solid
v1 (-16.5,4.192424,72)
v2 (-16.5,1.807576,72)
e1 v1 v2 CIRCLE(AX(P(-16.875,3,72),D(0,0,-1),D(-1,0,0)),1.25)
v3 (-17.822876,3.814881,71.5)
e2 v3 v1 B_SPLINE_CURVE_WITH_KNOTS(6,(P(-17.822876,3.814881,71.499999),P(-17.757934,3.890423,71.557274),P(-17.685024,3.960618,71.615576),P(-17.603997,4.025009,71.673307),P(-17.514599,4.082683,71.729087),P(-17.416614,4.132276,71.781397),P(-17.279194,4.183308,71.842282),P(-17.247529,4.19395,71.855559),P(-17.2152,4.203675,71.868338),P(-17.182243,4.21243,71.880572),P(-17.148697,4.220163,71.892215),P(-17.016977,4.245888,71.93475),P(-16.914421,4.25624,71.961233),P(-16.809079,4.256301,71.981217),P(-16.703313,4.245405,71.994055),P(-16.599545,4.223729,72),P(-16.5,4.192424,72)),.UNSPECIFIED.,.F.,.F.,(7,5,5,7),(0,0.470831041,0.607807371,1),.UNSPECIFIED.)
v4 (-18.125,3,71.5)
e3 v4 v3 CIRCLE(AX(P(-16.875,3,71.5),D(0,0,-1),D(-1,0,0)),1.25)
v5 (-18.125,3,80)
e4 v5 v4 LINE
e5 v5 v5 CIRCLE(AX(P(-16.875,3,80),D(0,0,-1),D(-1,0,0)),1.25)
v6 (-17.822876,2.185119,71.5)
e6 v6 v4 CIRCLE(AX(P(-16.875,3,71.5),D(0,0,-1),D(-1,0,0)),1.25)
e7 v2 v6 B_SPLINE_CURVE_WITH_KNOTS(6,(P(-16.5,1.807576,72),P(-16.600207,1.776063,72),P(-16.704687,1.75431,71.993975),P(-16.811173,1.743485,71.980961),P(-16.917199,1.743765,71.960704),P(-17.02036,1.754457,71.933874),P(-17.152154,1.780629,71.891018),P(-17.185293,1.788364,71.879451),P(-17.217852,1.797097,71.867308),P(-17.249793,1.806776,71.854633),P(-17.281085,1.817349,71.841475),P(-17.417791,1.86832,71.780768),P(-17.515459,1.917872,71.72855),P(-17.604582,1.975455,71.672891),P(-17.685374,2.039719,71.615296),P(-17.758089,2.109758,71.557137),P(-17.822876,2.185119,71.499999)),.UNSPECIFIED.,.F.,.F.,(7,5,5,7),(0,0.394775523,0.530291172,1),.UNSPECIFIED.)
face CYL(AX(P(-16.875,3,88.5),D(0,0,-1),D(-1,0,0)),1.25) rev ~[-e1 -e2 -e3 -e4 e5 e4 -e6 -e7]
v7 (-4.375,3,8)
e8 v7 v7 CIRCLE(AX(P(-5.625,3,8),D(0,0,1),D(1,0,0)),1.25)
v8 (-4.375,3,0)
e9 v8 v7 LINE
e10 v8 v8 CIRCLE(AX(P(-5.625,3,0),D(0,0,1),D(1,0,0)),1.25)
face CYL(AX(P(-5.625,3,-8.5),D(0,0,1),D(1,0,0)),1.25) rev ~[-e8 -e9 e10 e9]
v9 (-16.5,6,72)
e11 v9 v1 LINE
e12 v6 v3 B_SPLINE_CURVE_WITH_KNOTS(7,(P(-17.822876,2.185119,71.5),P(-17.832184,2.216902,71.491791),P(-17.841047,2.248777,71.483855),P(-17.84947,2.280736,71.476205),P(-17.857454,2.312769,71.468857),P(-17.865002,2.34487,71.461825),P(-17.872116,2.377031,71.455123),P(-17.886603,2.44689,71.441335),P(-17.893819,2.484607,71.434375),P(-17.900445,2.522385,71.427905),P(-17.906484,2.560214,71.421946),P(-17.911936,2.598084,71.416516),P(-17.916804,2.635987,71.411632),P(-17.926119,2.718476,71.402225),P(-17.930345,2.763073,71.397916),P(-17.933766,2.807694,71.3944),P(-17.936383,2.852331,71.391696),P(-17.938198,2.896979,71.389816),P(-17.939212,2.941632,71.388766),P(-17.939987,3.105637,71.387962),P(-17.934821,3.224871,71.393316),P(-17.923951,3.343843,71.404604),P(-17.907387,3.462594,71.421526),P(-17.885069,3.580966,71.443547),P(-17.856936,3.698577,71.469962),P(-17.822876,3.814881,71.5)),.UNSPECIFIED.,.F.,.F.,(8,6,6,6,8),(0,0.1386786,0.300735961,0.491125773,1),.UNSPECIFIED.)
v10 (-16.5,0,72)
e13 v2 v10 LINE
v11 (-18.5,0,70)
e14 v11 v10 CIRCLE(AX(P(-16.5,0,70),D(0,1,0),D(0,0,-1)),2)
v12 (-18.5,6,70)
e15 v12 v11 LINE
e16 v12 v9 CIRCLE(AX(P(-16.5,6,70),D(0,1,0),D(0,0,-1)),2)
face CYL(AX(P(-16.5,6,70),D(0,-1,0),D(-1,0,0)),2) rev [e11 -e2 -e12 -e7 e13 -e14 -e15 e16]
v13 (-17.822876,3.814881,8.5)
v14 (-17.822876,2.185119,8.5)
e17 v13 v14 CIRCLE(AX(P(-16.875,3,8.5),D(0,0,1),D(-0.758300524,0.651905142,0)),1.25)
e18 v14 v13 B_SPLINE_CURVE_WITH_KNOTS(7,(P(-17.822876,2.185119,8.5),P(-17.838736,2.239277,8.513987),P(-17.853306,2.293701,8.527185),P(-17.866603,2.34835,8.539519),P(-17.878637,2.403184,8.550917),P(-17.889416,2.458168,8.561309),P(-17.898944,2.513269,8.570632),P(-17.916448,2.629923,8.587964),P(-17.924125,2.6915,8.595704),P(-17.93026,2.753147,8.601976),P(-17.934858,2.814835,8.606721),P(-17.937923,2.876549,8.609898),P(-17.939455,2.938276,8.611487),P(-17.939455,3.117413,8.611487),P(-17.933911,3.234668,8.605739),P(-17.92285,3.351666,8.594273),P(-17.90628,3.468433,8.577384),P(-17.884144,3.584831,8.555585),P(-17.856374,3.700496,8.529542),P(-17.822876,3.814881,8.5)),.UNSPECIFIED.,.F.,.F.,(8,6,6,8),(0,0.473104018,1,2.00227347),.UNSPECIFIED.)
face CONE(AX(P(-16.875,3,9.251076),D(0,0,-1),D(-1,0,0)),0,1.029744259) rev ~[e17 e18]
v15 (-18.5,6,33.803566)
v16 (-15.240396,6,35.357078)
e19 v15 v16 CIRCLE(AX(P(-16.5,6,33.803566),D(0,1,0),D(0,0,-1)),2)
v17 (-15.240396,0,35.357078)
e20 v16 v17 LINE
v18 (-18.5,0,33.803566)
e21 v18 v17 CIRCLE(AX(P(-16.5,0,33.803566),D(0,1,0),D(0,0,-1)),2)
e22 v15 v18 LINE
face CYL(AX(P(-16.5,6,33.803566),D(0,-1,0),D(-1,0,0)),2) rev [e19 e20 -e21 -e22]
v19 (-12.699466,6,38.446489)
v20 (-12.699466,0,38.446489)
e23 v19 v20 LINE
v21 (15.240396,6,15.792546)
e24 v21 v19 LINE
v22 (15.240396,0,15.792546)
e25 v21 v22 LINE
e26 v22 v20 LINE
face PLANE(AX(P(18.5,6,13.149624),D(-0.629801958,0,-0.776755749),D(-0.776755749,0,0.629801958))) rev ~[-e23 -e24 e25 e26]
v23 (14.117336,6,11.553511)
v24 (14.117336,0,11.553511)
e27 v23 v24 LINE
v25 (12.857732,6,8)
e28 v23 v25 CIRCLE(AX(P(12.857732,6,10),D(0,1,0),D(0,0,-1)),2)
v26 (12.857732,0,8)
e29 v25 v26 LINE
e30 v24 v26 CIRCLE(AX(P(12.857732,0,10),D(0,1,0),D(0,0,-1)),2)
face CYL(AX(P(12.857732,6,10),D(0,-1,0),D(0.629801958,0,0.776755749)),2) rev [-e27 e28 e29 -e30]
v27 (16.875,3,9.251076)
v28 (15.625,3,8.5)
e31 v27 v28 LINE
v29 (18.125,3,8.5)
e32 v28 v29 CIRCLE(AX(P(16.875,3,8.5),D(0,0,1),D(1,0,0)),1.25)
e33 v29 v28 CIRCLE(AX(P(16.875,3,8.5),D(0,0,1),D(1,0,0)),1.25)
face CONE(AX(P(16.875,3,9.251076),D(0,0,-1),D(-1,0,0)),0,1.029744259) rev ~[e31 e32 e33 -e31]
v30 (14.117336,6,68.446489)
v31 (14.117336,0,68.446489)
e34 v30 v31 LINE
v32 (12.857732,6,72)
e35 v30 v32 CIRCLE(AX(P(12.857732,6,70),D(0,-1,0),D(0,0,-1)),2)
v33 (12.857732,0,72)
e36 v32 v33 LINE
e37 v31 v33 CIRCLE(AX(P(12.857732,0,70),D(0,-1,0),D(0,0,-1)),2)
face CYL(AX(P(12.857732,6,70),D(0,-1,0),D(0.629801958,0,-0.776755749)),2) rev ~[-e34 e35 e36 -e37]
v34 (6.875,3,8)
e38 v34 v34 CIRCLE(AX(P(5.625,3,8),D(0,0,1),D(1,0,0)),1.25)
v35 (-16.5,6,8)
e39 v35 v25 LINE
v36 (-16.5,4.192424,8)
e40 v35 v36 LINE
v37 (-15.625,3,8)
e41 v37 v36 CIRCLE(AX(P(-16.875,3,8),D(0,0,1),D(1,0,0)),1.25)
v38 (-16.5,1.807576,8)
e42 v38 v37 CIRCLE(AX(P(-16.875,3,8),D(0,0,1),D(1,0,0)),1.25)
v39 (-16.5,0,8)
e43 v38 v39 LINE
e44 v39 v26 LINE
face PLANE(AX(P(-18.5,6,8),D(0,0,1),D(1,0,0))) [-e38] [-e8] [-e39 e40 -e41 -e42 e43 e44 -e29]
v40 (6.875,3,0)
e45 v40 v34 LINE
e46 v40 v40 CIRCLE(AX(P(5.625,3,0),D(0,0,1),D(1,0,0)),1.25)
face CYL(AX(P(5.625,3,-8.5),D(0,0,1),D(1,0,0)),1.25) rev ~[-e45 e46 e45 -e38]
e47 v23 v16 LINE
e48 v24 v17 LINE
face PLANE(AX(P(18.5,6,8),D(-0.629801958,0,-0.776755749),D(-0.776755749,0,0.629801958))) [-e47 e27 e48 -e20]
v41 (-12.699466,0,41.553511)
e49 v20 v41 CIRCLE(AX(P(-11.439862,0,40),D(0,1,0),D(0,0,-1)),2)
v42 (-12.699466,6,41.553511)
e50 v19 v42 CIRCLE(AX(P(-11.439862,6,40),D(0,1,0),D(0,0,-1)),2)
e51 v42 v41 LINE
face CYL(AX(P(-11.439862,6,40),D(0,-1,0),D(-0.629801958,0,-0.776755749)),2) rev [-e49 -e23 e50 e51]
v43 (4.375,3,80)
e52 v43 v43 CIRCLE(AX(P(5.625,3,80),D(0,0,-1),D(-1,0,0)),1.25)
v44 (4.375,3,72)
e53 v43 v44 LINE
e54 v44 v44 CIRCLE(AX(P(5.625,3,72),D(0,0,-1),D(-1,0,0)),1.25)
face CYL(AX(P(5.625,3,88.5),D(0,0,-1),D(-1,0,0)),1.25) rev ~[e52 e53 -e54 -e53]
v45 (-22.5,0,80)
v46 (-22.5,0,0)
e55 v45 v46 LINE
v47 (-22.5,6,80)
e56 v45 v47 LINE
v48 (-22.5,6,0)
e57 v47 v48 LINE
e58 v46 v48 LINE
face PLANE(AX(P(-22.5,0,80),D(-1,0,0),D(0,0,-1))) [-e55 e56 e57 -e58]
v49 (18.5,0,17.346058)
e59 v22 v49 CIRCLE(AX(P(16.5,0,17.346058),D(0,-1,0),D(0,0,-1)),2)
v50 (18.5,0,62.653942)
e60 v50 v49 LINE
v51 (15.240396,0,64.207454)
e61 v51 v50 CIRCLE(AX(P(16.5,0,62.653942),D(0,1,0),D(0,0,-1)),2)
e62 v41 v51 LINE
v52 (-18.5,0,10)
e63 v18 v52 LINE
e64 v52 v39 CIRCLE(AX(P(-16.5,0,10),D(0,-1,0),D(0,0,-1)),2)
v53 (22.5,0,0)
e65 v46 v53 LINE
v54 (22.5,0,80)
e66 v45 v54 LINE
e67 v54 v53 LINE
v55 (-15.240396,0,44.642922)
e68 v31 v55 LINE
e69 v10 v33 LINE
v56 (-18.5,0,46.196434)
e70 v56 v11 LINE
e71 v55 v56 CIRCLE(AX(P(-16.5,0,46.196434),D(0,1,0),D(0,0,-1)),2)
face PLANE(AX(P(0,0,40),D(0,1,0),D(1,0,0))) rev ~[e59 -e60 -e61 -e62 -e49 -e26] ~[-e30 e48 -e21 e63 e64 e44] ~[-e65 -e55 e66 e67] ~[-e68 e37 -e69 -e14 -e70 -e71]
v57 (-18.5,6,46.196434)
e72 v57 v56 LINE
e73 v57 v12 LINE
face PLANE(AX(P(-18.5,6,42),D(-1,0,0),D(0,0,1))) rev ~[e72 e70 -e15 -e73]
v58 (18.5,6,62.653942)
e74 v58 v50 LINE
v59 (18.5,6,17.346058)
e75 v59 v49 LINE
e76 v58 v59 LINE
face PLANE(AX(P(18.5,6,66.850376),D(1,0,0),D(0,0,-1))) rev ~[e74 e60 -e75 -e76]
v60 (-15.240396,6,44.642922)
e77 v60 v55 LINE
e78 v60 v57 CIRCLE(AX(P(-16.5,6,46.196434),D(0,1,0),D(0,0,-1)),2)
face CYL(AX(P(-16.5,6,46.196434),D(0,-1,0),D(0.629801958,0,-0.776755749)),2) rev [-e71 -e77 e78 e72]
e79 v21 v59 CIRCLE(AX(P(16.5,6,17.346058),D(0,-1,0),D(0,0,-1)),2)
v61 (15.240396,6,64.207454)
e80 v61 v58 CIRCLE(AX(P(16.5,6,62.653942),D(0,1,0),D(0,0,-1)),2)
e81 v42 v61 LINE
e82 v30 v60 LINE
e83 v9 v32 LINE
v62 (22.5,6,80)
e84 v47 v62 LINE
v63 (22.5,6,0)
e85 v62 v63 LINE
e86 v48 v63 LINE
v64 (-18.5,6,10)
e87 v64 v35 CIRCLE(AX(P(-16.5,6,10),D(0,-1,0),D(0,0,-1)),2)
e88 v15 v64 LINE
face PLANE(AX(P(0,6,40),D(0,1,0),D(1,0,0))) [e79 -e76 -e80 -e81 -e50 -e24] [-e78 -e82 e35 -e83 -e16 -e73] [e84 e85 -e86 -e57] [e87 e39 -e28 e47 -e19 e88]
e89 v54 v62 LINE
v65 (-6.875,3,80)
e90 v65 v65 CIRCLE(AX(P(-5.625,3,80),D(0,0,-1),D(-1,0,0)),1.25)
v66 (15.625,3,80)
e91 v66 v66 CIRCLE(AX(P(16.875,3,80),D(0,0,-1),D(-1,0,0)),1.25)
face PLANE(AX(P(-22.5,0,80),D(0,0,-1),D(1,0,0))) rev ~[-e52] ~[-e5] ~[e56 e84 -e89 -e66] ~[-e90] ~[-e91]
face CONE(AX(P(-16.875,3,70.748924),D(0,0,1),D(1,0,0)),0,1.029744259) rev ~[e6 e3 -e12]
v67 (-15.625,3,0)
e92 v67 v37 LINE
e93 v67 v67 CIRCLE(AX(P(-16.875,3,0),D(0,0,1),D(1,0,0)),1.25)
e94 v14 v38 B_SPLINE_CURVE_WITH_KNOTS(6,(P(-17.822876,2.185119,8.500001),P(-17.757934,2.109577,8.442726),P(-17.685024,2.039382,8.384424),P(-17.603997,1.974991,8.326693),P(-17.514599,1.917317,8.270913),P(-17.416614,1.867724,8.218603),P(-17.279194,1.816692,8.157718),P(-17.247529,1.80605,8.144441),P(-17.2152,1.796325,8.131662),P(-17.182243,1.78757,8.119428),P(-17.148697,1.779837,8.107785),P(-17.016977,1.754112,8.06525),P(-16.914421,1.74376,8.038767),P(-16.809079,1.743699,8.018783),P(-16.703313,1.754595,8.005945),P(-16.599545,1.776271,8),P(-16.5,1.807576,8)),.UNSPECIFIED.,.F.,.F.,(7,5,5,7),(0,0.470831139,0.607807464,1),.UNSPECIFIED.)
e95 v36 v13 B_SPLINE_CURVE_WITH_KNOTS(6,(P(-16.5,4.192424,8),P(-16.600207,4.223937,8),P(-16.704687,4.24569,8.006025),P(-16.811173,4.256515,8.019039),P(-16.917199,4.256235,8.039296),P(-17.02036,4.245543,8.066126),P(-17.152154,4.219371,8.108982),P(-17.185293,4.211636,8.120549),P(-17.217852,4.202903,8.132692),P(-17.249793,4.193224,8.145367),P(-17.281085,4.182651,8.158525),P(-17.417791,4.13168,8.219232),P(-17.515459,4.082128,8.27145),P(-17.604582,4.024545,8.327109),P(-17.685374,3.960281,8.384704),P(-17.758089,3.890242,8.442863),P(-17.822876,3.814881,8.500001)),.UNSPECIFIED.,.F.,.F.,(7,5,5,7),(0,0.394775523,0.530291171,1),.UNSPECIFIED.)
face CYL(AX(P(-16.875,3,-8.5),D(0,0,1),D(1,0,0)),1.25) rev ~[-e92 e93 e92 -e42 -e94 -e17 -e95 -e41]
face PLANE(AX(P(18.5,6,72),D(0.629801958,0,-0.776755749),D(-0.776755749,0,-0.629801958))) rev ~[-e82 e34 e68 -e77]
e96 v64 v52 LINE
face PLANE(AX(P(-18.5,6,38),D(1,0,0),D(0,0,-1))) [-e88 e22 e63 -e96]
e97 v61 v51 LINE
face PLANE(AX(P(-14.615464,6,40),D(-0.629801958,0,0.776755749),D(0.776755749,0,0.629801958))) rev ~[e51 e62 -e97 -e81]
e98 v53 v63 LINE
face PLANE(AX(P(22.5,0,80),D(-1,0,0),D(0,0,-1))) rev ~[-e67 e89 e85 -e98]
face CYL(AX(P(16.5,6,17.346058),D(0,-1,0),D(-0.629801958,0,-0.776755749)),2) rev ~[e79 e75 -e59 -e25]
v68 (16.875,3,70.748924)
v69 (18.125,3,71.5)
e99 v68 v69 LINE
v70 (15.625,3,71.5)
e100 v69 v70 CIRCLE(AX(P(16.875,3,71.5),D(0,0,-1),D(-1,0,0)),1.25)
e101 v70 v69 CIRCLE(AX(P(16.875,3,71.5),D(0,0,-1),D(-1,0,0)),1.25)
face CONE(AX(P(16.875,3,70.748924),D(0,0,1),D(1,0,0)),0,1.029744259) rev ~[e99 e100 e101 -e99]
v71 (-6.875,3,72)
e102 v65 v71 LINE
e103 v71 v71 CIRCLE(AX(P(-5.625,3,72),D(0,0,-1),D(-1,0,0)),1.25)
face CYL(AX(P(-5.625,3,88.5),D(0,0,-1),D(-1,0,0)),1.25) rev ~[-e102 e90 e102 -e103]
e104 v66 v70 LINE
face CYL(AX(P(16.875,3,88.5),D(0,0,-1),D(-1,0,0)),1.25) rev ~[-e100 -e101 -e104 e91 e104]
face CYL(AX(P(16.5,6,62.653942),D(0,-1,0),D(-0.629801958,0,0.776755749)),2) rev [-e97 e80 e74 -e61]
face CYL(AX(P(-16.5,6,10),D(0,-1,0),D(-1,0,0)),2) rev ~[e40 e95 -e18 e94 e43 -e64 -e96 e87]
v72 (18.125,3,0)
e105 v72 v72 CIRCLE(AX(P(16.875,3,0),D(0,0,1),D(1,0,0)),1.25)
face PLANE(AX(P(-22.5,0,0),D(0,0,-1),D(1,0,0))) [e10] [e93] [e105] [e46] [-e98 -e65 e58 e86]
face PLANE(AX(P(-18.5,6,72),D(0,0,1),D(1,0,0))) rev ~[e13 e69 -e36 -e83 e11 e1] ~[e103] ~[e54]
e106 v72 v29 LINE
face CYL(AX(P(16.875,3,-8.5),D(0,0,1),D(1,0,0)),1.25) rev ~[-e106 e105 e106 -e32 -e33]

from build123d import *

# Parameters (mm, degrees)
SKETCH_1_W          = 45
SKETCH_1_H          = 80
EXTRUDE_1_DEPTH     = 6
CUT_EXTRUDE_2_DEPTH = 84.320165626
FILLET_10_R         = 2
M3X0_52_D           = 2.5
M3X0_52_DEPTH       = 8.5
M3X0_52_TIP         = 0.751075774
M3X0_51_D           = 2.5
M3X0_51_DEPTH       = 8.5
M3X0_51_TIP         = 0.751075774


with BuildPart() as part:
    # Эскиз1 → Бобышка-Вытянуть1 (new body)
    with BuildSketch(Plane(origin=(0, 0, 0), x_dir=(1, 0, 0), z_dir=(0, 1, 0))):
        with Locations((0, -40)):
            Rectangle(SKETCH_1_W, SKETCH_1_H)
    extrude(amount=EXTRUDE_1_DEPTH)

    # Эскиз13 → Вырез-Вытянуть2 (cut, through all)
    with BuildSketch(Plane(origin=(0, 6, 0), x_dir=(1, 0, 0), z_dir=(0, 1, 0))):
        Polygon((-18.5, -8), (18.5, -8), (-18.5, -38), align=None)
        Polygon((18.5, -72), (-18.5, -42), (-18.5, -72), align=None)
        Polygon((18.5, -13.149623941), (-14.615463806, -40), (18.5, -66.850376059), align=None)
    extrude(amount=-CUT_EXTRUDE_2_DEPTH, mode=Mode.SUBTRACT)

    # Скругление10
    fillet_10_edges = [part.edges().sort_by_distance(p)[0] for p in [
        (18.5, 3, 72),
        (-18.5, 3, 72),
        (-18.5, 3, 42),
        (-18.5, 3, 38),
        (-18.5, 3, 8),
        (18.5, 3, 8),
        (18.5, 3, 13.149623941),
        (18.5, 3, 66.850376059),
        (-14.615463806, 3, 40),
    ]]
    fillet(fillet_10_edges, radius=FILLET_10_R)

    # Отверстие обработанное метчиком M3x0.52
    with Locations(Plane(origin=(0, 0, 0), x_dir=(-1, 0, 0), z_dir=(0, 0, -1))):
        with Locations((-16.875, 3), (-5.625, 3), (5.625, 3), (16.875, 3)):
            Hole(M3X0_52_D / 2, depth=M3X0_52_DEPTH)
            with Locations((0, 0, -(M3X0_52_DEPTH + M3X0_52_TIP / 2))):  # 118° drill point
                Cone(0, M3X0_52_D / 2, M3X0_52_TIP, mode=Mode.SUBTRACT)

    # Отверстие обработанное метчиком M3x0.51
    with Locations(Plane.XY.offset(80)):
        with Locations((-16.875, 3), (-5.625, 3), (5.625, 3), (16.875, 3)):
            Hole(M3X0_51_D / 2, depth=M3X0_51_DEPTH)
            with Locations((0, 0, -(M3X0_51_DEPTH + M3X0_51_TIP / 2))):  # 118° drill point
                Cone(0, M3X0_51_D / 2, M3X0_51_TIP, mode=Mode.SUBTRACT)


solid = part.part
